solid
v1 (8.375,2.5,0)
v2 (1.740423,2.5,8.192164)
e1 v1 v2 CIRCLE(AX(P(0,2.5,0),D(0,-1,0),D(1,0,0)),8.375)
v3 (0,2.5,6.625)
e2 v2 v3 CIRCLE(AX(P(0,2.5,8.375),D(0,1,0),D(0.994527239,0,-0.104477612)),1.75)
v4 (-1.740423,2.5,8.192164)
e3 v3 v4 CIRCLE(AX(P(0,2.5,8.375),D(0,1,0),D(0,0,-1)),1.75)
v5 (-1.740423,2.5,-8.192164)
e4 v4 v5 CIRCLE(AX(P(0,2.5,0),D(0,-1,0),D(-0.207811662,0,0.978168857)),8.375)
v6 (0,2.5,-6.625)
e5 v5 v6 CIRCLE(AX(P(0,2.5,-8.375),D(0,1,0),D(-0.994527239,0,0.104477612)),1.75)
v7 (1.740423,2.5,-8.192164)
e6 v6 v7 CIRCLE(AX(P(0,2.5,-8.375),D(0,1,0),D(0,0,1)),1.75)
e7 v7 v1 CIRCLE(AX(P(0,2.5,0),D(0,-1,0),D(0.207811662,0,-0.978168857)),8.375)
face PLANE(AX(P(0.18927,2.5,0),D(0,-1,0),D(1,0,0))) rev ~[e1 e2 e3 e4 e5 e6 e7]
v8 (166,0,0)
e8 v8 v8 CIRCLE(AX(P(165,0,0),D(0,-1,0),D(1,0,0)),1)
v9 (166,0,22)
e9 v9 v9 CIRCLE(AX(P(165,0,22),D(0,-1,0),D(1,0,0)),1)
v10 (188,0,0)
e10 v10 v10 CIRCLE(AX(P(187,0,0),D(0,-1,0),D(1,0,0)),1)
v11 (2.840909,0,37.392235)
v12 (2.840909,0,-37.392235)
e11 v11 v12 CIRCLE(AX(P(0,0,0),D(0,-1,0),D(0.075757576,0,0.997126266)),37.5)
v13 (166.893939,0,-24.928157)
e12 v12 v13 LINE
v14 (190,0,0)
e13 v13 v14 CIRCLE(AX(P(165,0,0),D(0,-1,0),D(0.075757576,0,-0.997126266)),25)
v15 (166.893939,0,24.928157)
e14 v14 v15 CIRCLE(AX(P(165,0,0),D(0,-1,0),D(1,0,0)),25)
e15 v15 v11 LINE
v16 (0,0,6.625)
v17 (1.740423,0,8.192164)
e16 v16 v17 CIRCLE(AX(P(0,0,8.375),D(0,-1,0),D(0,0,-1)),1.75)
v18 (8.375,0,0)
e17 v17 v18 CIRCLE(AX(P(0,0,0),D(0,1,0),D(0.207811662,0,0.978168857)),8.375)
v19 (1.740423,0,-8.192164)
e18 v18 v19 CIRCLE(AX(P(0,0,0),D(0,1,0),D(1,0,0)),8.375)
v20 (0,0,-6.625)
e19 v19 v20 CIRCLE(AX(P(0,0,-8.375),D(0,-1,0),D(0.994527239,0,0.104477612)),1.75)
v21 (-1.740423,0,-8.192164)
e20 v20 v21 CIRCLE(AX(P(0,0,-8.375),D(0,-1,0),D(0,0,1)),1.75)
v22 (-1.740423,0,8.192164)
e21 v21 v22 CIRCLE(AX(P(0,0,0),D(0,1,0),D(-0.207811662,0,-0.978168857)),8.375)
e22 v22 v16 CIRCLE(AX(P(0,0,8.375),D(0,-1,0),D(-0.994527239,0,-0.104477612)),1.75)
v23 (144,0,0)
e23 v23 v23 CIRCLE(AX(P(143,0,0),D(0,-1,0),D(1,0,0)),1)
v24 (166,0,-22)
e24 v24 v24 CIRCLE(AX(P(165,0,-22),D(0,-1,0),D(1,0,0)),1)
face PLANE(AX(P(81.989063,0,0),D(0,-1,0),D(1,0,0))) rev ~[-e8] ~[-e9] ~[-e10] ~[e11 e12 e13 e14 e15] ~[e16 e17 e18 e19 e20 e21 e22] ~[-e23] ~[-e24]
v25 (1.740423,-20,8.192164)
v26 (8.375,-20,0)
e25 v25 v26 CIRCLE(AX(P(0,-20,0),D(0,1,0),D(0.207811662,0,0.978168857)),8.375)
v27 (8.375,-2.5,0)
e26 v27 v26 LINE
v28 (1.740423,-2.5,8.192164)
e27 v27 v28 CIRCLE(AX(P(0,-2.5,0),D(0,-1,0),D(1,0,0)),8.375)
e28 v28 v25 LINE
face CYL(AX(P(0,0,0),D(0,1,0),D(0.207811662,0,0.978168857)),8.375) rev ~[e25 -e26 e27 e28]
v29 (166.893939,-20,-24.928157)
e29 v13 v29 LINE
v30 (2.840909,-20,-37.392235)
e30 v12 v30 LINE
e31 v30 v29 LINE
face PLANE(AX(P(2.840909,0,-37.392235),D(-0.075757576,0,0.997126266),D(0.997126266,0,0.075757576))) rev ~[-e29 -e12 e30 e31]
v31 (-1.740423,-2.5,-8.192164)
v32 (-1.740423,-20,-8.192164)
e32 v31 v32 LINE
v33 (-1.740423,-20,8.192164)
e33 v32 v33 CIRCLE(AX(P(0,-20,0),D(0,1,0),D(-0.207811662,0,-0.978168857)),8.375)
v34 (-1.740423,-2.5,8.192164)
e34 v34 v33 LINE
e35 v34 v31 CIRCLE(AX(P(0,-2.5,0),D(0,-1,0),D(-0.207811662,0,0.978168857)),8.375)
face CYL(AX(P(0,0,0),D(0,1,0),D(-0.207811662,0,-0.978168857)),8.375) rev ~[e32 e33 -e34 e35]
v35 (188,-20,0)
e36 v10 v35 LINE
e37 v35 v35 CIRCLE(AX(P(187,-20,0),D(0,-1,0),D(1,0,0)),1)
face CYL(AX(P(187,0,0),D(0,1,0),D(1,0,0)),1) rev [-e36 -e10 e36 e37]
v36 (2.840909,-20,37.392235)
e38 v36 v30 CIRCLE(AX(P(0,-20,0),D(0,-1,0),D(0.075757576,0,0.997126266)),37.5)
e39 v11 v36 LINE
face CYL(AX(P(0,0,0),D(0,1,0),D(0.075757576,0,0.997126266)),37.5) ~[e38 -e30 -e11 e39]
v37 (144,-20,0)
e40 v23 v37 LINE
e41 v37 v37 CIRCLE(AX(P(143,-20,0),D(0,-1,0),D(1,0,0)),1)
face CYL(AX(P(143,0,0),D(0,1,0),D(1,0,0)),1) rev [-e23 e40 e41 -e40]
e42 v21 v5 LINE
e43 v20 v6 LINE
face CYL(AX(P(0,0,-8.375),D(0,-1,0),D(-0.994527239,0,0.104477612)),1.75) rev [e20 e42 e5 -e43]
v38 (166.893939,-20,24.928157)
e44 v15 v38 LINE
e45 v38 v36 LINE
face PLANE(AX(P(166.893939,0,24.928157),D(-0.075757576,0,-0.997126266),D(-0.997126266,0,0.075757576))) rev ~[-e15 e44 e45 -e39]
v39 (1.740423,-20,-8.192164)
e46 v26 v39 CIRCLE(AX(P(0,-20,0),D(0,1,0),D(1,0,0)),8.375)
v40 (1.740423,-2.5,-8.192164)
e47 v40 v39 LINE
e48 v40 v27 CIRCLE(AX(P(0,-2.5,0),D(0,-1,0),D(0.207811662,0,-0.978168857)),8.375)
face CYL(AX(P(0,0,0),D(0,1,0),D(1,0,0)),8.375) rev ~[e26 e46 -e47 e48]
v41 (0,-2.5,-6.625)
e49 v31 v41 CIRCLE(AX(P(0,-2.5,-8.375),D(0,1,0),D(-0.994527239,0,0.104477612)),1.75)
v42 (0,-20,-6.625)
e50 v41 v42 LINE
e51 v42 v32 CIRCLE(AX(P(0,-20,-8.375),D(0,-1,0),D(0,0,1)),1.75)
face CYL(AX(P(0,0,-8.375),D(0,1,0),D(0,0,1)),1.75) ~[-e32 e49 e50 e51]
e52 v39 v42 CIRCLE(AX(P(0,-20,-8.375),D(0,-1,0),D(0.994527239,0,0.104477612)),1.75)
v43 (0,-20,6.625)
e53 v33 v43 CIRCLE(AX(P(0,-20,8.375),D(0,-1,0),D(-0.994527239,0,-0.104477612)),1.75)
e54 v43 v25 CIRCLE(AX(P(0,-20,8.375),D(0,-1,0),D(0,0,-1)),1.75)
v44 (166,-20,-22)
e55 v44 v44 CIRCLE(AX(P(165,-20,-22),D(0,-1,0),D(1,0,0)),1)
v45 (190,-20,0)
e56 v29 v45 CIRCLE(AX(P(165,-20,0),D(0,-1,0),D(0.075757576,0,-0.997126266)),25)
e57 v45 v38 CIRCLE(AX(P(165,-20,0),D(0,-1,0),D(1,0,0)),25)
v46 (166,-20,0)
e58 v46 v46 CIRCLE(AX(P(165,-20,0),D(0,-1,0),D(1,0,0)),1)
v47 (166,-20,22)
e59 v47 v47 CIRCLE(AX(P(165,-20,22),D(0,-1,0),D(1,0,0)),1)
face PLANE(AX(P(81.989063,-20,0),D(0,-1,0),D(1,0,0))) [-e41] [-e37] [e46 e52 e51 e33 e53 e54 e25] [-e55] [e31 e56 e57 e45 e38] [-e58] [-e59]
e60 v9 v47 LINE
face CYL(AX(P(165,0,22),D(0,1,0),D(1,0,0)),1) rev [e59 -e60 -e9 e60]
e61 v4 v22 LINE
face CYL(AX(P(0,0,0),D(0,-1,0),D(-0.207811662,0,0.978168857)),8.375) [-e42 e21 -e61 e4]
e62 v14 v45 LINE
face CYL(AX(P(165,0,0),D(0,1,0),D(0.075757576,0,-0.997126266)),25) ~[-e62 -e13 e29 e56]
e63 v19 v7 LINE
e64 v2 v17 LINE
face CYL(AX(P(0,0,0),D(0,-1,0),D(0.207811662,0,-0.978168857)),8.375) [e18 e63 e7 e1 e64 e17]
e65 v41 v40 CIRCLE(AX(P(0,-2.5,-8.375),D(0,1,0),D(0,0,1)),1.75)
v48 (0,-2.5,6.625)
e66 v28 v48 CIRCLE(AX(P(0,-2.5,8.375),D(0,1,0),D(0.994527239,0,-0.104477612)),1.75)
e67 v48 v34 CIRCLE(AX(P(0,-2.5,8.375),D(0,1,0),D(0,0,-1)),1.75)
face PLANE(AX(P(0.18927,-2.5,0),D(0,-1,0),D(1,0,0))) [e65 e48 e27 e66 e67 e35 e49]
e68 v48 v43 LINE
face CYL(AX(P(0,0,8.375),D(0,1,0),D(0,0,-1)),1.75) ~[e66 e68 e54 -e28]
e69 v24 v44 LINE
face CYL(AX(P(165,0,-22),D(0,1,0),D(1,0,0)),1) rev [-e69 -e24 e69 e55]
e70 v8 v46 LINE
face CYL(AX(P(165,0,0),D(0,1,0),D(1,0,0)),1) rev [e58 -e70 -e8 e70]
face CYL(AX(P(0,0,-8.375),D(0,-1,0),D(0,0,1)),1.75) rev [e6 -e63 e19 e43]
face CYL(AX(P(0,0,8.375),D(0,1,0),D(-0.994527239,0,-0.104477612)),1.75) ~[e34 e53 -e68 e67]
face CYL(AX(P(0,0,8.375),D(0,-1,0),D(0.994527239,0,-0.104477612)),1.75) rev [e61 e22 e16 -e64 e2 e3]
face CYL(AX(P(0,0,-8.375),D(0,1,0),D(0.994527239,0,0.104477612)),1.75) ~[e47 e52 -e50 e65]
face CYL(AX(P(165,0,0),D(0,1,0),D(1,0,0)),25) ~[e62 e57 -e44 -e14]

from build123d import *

# Parameters (mm, degrees)
F0_R     = 12.5
F0_R_2   = 1
F1_DEPTH = 20
F2_DEPTH = 2.5


with BuildPart() as f1:
    # F0 (on Front) → F1 (new body)
    with BuildSketch(Plane.XZ):
        with BuildLine():
            ThreePointArc((2.8409090909, 37.3922349631), (27.5025825234, 25.4923116752), (37.5, 0))
            ThreePointArc((37.5, 0), (27.5025825234, -25.4923116752), (2.8409090909, -37.3922349631))
            Line((2.8409090909, -37.3922349631), (166.8939393939, -24.9281566421))
            ThreePointArc((166.8939393939, -24.9281566421), (140, 0), (166.8939393939, 24.9281566421))
            Line((166.8939393939, 24.9281566421), (2.8409090909, 37.3922349631))
        make_face()
        with BuildLine():
            ThreePointArc((2.8409090909, -37.3922349631), (27.5025825234, -25.4923116752), (37.5, 0))
            ThreePointArc((37.5, 0), (27.5025825234, 25.4923116752), (2.8409090909, 37.3922349631))
            ThreePointArc((2.8409090909, 37.3922349631), (-37.5, 0), (2.8409090909, -37.3922349631))
        make_face()
        Circle(F0_R, mode=Mode.SUBTRACT)
        with BuildLine():
            ThreePointArc((190, 0), (183.3350550156, 16.9948744501), (166.8939393939, 24.9281566421))
            ThreePointArc((166.8939393939, 24.9281566421), (140, 0), (166.8939393939, -24.9281566421))
            ThreePointArc((166.8939393939, -24.9281566421), (183.3350550156, -16.9948744501), (190, 0))
        make_face()
        with Locations((165, -22)):
            Circle(F0_R_2, mode=Mode.SUBTRACT)
        with Locations((143, 0)):
            Circle(F0_R_2, mode=Mode.SUBTRACT)
        with Locations((165, 0)):
            Circle(F0_R_2, mode=Mode.SUBTRACT)
        with Locations((187, 0)):
            Circle(F0_R_2, mode=Mode.SUBTRACT)
        with Locations((165, 22)):
            Circle(F0_R_2, mode=Mode.SUBTRACT)
        Circle(F0_R)
        with BuildLine():
            ThreePointArc((1.7404226678, 8.1921641791), (6.5083279282, 5.2708910612), (8.375, 0))
            ThreePointArc((8.375, 0), (6.5083279282, -5.2708910612), (1.7404226678, -8.1921641791))
            ThreePointArc((1.7404226678, -8.1921641791), (0, -8.375), (-1.7404226678, -8.1921641791))
            ThreePointArc((-1.7404226678, -8.1921641791), (-8.375, 0), (-1.7404226678, 8.1921641791))
            ThreePointArc((-1.7404226678, 8.1921641791), (0, 8.375), (1.7404226678, 8.1921641791))
        make_face(mode=Mode.SUBTRACT)
        with BuildLine():
            ThreePointArc((0, 6.625), (1.171011809, 7.0745264927), (1.7404226678, 8.1921641791))
            ThreePointArc((1.7404226678, 8.1921641791), (0, 8.375), (-1.7404226678, 8.1921641791))
            ThreePointArc((-1.7404226678, 8.1921641791), (-1.171011809, 7.0745264927), (0, 6.625))
        make_face()
        with BuildLine():
            ThreePointArc((-1.7404226678, -8.1921641791), (0, -8.375), (1.7404226678, -8.1921641791))
            ThreePointArc((1.7404226678, -8.1921641791), (1.171011809, -7.0745264927), (0, -6.625))
            ThreePointArc((0, -6.625), (-1.171011809, -7.0745264927), (-1.7404226678, -8.1921641791))
        make_face()
    extrude(amount=F1_DEPTH)

    # F0 (on Front) → F2 (join, symmetric)
    with BuildSketch(Plane.XZ):
        with BuildLine():
            ThreePointArc((1.7404226678, -8.1921641791), (6.5083279282, -5.2708910612), (8.375, 0))
            ThreePointArc((8.375, 0), (6.5083279282, 5.2708910612), (1.7404226678, 8.1921641791))
            ThreePointArc((1.7404226678, 8.1921641791), (1.171011809, 7.0745264927), (0, 6.625))
            ThreePointArc((0, 6.625), (-1.171011809, 7.0745264927), (-1.7404226678, 8.1921641791))
            ThreePointArc((-1.7404226678, 8.1921641791), (-8.375, 0), (-1.7404226678, -8.1921641791))
            ThreePointArc((-1.7404226678, -8.1921641791), (-1.171011809, -7.0745264927), (0, -6.625))
            ThreePointArc((0, -6.625), (1.171011809, -7.0745264927), (1.7404226678, -8.1921641791))
        make_face()
    extrude(amount=F2_DEPTH, both=True)


solid = f1.part
